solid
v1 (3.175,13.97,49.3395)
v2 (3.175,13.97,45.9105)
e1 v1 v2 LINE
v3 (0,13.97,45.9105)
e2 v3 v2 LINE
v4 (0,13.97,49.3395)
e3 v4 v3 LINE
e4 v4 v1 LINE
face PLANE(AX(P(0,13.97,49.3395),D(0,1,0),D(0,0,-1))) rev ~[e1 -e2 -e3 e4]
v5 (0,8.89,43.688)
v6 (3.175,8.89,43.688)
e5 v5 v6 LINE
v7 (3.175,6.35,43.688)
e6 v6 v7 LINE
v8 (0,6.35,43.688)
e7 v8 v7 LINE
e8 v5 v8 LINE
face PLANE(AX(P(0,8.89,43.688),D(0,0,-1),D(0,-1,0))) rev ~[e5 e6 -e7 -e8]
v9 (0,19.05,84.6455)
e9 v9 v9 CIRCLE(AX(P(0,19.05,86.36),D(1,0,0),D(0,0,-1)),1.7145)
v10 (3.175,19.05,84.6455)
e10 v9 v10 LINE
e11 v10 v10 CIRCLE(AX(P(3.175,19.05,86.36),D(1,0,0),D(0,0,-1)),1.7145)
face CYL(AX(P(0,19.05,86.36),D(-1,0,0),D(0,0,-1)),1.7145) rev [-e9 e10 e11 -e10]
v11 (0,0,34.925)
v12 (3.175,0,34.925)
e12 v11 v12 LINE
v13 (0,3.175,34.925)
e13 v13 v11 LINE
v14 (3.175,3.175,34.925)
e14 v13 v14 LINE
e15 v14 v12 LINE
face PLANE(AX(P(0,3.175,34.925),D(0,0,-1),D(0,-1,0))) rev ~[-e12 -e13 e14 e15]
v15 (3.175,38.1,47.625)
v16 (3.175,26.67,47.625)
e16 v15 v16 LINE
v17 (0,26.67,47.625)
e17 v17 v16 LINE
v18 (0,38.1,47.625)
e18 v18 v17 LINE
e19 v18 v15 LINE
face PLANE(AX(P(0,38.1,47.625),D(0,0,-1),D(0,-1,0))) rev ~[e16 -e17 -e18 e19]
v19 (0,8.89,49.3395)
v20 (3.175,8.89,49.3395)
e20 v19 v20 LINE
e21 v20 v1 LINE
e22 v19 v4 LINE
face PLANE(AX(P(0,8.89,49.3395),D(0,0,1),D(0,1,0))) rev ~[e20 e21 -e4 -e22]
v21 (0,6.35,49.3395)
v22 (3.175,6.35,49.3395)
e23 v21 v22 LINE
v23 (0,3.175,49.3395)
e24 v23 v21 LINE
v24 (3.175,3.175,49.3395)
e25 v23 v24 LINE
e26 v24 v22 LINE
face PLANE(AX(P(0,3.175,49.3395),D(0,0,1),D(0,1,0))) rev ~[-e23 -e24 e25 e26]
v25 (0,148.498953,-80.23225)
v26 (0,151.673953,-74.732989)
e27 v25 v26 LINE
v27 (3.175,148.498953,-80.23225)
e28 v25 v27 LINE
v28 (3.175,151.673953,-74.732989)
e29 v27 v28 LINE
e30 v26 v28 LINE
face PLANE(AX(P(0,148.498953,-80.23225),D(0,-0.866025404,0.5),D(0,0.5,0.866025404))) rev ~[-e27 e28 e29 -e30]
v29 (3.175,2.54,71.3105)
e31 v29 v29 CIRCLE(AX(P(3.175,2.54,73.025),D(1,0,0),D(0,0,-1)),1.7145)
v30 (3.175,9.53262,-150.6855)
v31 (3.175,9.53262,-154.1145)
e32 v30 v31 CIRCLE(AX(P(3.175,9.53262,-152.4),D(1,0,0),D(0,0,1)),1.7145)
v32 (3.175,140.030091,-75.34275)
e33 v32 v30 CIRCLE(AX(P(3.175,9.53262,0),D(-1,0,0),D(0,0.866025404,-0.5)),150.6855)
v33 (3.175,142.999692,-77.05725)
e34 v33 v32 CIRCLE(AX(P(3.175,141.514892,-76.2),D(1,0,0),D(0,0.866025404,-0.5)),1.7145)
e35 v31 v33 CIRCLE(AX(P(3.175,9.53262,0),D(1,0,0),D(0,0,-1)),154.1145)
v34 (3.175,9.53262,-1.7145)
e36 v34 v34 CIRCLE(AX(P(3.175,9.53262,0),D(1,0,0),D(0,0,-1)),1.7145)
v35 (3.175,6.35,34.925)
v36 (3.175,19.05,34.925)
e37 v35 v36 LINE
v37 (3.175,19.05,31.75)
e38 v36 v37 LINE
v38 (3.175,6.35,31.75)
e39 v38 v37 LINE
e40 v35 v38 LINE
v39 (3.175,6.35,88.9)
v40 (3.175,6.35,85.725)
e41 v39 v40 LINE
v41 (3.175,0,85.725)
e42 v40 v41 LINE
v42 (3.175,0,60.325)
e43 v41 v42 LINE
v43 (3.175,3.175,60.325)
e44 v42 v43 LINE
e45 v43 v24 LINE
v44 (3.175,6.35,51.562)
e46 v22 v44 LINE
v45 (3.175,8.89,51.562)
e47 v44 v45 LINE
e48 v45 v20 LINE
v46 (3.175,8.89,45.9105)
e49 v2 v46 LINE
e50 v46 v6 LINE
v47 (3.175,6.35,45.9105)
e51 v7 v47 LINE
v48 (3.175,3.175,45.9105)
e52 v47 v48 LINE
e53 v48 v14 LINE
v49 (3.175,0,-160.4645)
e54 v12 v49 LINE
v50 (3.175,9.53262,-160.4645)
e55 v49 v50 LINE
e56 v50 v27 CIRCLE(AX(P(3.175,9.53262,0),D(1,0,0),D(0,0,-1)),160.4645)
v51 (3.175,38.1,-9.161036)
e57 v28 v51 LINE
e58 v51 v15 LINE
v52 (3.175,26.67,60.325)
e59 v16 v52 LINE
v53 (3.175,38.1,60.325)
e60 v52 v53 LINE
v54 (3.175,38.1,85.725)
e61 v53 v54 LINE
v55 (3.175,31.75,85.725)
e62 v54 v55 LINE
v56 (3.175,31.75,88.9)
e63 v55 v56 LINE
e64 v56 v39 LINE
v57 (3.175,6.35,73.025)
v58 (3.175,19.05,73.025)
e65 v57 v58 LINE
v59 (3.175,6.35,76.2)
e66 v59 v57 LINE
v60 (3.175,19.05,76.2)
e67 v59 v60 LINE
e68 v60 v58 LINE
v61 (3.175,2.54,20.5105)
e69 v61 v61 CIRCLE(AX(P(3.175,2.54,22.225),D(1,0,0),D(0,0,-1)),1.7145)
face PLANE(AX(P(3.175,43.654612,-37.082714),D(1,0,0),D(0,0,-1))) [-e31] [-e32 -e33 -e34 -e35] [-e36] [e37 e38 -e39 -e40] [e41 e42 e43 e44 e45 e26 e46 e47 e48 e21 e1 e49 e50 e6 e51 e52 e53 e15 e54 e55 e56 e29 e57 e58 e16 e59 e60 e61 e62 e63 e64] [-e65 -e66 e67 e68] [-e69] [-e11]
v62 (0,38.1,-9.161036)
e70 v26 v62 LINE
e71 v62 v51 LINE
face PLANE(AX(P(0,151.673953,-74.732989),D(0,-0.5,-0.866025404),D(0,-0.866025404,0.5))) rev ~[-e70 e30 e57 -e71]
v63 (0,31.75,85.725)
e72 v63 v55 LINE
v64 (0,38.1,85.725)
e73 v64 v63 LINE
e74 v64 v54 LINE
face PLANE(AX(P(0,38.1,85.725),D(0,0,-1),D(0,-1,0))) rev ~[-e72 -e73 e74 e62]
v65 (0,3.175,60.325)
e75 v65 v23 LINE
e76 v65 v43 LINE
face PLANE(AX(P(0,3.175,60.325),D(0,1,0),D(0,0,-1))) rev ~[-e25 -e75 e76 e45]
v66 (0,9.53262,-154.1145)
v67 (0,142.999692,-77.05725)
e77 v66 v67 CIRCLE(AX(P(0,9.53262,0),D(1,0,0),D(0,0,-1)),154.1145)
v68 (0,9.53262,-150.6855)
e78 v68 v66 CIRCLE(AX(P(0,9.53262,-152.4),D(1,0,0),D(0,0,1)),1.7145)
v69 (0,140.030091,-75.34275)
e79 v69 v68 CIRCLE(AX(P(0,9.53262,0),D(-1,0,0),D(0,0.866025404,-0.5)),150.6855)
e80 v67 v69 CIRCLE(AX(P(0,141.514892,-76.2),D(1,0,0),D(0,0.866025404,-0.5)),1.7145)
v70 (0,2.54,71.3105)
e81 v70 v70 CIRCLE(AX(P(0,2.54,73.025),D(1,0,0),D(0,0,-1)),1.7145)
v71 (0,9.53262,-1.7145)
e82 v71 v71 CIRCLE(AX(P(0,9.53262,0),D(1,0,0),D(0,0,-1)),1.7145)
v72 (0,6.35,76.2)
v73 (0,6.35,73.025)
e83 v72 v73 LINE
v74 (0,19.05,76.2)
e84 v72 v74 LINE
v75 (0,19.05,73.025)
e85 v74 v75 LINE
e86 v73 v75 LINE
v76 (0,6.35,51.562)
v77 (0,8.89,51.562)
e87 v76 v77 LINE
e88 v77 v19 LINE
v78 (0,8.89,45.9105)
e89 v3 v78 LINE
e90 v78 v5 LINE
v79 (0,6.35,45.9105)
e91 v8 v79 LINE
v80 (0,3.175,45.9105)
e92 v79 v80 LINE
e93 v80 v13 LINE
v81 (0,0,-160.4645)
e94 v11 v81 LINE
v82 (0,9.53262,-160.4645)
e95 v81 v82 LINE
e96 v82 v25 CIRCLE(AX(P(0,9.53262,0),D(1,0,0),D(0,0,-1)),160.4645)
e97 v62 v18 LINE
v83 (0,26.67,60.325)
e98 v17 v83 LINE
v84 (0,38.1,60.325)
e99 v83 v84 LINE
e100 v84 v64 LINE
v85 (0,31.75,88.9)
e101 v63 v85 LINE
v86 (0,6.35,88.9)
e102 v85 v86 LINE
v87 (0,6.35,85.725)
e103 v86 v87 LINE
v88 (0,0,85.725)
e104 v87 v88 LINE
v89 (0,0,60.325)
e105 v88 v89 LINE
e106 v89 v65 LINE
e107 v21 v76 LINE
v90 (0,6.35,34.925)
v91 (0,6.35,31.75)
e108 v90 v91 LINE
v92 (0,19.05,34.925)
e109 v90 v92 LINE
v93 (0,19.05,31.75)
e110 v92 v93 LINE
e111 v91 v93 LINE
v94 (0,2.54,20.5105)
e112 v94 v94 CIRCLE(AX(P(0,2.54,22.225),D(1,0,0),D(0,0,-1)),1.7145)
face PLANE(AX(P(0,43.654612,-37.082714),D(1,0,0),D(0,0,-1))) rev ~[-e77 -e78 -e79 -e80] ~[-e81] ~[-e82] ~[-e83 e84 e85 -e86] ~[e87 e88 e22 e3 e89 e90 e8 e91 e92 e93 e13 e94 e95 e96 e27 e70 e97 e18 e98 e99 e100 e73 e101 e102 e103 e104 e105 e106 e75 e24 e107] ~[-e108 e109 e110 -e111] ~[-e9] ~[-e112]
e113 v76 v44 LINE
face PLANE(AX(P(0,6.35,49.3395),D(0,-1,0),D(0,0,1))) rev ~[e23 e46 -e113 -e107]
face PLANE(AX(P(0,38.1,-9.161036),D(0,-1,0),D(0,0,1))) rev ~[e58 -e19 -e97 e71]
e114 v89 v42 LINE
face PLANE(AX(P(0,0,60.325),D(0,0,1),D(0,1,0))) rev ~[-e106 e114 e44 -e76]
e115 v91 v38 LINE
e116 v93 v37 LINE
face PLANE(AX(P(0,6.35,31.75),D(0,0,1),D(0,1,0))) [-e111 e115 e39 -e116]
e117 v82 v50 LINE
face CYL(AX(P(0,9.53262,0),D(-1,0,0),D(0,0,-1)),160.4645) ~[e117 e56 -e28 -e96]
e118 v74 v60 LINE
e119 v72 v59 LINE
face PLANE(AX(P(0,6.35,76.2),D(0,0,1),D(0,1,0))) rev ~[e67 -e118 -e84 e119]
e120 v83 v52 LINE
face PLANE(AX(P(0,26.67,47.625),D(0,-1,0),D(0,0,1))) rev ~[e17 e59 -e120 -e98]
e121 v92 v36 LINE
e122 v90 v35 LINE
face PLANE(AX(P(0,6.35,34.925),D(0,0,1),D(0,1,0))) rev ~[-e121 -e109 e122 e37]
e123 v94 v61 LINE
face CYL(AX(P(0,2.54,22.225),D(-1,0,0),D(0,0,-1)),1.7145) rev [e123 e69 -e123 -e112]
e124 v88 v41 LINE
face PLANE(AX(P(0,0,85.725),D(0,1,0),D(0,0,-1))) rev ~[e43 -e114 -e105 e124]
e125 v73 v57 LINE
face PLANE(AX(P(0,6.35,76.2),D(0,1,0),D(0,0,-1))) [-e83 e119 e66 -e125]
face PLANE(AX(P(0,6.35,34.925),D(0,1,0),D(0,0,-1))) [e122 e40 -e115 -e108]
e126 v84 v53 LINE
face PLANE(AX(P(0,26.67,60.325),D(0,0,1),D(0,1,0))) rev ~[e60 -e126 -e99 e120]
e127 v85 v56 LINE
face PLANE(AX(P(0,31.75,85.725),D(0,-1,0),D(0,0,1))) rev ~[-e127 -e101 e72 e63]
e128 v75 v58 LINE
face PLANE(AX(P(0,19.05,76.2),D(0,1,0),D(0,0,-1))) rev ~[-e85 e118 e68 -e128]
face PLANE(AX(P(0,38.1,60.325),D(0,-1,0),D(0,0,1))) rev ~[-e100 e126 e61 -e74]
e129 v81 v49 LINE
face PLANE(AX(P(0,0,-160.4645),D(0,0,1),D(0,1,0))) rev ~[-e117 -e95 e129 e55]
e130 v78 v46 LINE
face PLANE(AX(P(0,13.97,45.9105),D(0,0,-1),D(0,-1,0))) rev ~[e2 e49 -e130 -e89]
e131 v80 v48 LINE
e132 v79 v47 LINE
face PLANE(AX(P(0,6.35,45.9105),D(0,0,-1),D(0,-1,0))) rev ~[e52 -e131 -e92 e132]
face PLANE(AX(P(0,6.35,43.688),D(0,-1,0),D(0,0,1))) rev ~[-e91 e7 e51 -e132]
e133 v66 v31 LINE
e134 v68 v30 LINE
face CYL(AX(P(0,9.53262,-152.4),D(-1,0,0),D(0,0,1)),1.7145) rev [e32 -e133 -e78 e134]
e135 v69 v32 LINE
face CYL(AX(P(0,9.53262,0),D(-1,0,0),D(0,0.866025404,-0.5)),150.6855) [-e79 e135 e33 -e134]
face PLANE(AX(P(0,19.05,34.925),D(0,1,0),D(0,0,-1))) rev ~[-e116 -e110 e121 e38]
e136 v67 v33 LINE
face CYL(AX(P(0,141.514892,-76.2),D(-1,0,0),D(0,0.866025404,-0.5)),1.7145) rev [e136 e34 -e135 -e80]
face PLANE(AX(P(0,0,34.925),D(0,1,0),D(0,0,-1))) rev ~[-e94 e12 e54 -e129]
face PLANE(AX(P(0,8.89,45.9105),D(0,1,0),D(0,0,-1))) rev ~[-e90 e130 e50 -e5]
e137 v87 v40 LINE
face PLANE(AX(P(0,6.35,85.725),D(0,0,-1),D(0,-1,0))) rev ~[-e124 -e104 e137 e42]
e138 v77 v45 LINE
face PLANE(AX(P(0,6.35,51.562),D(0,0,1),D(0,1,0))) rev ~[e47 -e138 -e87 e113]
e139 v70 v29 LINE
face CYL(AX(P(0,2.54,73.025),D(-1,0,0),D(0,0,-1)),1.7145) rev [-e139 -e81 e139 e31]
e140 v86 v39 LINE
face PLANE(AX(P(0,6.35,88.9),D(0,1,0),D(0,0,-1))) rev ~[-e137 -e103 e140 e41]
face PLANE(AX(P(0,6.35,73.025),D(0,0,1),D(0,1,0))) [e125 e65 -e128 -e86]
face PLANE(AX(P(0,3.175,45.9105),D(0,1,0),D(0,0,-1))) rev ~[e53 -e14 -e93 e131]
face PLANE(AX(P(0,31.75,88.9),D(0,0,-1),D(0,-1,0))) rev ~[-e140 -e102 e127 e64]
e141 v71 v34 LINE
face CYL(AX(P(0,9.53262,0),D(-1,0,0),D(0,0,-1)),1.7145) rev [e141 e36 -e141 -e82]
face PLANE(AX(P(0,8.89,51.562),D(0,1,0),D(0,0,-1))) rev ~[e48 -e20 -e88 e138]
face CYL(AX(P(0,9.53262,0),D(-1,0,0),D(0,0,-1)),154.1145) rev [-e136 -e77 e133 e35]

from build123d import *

# Parameters (mm, degrees)
SKETCH1_R           = 1.7145
SKETCH1_W           = 3.175
SKETCH1_H           = 12.7
BOSS_EXTRUDE2_DEPTH = 3.175


with BuildPart() as part:
    # Sketch1 → Boss-Extrude2 (new body)
    with BuildSketch(Plane(origin=(0, 0, 0), x_dir=(0, 0, -1), z_dir=(1, 0, 0))):
        with BuildLine():
            Line((0, 0), (160.4645, 0))
            Line((160.4645, 0), (160.4645, 9.53262))
            ThreePointArc((160.4645, 9.53262), (138.966333406, 89.76487), (80.23225, 148.498953406))
            Line((80.23225, 148.498953406), (74.732988686, 151.673953406))
            Line((74.732988686, 151.673953406), (9.161036114, 38.1))
            Line((9.161036114, 38.1), (-47.625, 38.1))
            Line((-47.625, 38.1), (-47.625, 26.67))
            Line((-47.625, 26.67), (-60.325, 26.67))
            Line((-60.325, 26.67), (-60.325, 38.1))
            Line((-60.325, 38.1), (-85.725, 38.1))
            Line((-85.725, 38.1), (-85.725, 31.75))
            Line((-85.725, 31.75), (-88.9, 31.75))
            Line((-88.9, 31.75), (-88.9, 6.35))
            Line((-88.9, 6.35), (-85.725, 6.35))
            Line((-85.725, 6.35), (-85.725, 0))
            Line((-85.725, 0), (-60.325, 0))
            Line((-60.325, 0), (-60.325, 3.175))
            Line((-60.325, 3.175), (-49.3395, 3.175))
            Line((-49.3395, 3.175), (-49.3395, 6.35))
            Line((-49.3395, 6.35), (-51.562, 6.35))
            Line((-51.562, 6.35), (-51.562, 8.89))
            Line((-51.562, 8.89), (-49.3395, 8.89))
            Line((-49.3395, 8.89), (-49.3395, 13.97))
            Line((-49.3395, 13.97), (-45.9105, 13.97))
            Line((-45.9105, 13.97), (-45.9105, 8.89))
            Line((-45.9105, 8.89), (-43.688, 8.89))
            Line((-43.688, 8.89), (-43.688, 6.35))
            Line((-43.688, 6.35), (-45.9105, 6.35))
            Line((-45.9105, 6.35), (-45.9105, 3.175))
            Line((-45.9105, 3.175), (-34.925, 3.175))
            Line((-34.925, 3.175), (-34.925, 0))
            Line((-34.925, 0), (0, 0))
        make_face()
        with Locations((-86.36, 19.05)):
            Circle(SKETCH1_R, mode=Mode.SUBTRACT)
        with Locations((0, 9.53262)):
            Circle(SKETCH1_R, mode=Mode.SUBTRACT)
        with Locations((-73.025, 2.54)):
            Circle(SKETCH1_R, mode=Mode.SUBTRACT)
        with Locations((-22.225, 2.54)):
            Circle(SKETCH1_R, mode=Mode.SUBTRACT)
        with Locations((-74.6125, 12.7)):
            Rectangle(SKETCH1_W, SKETCH1_H, mode=Mode.SUBTRACT)
        with Locations((-33.3375, 12.7)):
            Rectangle(SKETCH1_W, SKETCH1_H, mode=Mode.SUBTRACT)
        with BuildLine():
            ThreePointArc((154.1145, 9.53262), (133.467072092, 86.58987), (77.05725, 142.999692092))
            ThreePointArc((77.05725, 142.999692092), (74.715199445, 142.372141537), (75.34275, 140.030090982))
            ThreePointArc((75.34275, 140.030090982), (130.497470982, 84.87537), (150.6855, 9.53262))
            ThreePointArc((150.6855, 9.53262), (152.4, 7.81812), (154.1145, 9.53262))
        make_face(mode=Mode.SUBTRACT)
    extrude(amount=BOSS_EXTRUDE2_DEPTH)


solid = part.part
